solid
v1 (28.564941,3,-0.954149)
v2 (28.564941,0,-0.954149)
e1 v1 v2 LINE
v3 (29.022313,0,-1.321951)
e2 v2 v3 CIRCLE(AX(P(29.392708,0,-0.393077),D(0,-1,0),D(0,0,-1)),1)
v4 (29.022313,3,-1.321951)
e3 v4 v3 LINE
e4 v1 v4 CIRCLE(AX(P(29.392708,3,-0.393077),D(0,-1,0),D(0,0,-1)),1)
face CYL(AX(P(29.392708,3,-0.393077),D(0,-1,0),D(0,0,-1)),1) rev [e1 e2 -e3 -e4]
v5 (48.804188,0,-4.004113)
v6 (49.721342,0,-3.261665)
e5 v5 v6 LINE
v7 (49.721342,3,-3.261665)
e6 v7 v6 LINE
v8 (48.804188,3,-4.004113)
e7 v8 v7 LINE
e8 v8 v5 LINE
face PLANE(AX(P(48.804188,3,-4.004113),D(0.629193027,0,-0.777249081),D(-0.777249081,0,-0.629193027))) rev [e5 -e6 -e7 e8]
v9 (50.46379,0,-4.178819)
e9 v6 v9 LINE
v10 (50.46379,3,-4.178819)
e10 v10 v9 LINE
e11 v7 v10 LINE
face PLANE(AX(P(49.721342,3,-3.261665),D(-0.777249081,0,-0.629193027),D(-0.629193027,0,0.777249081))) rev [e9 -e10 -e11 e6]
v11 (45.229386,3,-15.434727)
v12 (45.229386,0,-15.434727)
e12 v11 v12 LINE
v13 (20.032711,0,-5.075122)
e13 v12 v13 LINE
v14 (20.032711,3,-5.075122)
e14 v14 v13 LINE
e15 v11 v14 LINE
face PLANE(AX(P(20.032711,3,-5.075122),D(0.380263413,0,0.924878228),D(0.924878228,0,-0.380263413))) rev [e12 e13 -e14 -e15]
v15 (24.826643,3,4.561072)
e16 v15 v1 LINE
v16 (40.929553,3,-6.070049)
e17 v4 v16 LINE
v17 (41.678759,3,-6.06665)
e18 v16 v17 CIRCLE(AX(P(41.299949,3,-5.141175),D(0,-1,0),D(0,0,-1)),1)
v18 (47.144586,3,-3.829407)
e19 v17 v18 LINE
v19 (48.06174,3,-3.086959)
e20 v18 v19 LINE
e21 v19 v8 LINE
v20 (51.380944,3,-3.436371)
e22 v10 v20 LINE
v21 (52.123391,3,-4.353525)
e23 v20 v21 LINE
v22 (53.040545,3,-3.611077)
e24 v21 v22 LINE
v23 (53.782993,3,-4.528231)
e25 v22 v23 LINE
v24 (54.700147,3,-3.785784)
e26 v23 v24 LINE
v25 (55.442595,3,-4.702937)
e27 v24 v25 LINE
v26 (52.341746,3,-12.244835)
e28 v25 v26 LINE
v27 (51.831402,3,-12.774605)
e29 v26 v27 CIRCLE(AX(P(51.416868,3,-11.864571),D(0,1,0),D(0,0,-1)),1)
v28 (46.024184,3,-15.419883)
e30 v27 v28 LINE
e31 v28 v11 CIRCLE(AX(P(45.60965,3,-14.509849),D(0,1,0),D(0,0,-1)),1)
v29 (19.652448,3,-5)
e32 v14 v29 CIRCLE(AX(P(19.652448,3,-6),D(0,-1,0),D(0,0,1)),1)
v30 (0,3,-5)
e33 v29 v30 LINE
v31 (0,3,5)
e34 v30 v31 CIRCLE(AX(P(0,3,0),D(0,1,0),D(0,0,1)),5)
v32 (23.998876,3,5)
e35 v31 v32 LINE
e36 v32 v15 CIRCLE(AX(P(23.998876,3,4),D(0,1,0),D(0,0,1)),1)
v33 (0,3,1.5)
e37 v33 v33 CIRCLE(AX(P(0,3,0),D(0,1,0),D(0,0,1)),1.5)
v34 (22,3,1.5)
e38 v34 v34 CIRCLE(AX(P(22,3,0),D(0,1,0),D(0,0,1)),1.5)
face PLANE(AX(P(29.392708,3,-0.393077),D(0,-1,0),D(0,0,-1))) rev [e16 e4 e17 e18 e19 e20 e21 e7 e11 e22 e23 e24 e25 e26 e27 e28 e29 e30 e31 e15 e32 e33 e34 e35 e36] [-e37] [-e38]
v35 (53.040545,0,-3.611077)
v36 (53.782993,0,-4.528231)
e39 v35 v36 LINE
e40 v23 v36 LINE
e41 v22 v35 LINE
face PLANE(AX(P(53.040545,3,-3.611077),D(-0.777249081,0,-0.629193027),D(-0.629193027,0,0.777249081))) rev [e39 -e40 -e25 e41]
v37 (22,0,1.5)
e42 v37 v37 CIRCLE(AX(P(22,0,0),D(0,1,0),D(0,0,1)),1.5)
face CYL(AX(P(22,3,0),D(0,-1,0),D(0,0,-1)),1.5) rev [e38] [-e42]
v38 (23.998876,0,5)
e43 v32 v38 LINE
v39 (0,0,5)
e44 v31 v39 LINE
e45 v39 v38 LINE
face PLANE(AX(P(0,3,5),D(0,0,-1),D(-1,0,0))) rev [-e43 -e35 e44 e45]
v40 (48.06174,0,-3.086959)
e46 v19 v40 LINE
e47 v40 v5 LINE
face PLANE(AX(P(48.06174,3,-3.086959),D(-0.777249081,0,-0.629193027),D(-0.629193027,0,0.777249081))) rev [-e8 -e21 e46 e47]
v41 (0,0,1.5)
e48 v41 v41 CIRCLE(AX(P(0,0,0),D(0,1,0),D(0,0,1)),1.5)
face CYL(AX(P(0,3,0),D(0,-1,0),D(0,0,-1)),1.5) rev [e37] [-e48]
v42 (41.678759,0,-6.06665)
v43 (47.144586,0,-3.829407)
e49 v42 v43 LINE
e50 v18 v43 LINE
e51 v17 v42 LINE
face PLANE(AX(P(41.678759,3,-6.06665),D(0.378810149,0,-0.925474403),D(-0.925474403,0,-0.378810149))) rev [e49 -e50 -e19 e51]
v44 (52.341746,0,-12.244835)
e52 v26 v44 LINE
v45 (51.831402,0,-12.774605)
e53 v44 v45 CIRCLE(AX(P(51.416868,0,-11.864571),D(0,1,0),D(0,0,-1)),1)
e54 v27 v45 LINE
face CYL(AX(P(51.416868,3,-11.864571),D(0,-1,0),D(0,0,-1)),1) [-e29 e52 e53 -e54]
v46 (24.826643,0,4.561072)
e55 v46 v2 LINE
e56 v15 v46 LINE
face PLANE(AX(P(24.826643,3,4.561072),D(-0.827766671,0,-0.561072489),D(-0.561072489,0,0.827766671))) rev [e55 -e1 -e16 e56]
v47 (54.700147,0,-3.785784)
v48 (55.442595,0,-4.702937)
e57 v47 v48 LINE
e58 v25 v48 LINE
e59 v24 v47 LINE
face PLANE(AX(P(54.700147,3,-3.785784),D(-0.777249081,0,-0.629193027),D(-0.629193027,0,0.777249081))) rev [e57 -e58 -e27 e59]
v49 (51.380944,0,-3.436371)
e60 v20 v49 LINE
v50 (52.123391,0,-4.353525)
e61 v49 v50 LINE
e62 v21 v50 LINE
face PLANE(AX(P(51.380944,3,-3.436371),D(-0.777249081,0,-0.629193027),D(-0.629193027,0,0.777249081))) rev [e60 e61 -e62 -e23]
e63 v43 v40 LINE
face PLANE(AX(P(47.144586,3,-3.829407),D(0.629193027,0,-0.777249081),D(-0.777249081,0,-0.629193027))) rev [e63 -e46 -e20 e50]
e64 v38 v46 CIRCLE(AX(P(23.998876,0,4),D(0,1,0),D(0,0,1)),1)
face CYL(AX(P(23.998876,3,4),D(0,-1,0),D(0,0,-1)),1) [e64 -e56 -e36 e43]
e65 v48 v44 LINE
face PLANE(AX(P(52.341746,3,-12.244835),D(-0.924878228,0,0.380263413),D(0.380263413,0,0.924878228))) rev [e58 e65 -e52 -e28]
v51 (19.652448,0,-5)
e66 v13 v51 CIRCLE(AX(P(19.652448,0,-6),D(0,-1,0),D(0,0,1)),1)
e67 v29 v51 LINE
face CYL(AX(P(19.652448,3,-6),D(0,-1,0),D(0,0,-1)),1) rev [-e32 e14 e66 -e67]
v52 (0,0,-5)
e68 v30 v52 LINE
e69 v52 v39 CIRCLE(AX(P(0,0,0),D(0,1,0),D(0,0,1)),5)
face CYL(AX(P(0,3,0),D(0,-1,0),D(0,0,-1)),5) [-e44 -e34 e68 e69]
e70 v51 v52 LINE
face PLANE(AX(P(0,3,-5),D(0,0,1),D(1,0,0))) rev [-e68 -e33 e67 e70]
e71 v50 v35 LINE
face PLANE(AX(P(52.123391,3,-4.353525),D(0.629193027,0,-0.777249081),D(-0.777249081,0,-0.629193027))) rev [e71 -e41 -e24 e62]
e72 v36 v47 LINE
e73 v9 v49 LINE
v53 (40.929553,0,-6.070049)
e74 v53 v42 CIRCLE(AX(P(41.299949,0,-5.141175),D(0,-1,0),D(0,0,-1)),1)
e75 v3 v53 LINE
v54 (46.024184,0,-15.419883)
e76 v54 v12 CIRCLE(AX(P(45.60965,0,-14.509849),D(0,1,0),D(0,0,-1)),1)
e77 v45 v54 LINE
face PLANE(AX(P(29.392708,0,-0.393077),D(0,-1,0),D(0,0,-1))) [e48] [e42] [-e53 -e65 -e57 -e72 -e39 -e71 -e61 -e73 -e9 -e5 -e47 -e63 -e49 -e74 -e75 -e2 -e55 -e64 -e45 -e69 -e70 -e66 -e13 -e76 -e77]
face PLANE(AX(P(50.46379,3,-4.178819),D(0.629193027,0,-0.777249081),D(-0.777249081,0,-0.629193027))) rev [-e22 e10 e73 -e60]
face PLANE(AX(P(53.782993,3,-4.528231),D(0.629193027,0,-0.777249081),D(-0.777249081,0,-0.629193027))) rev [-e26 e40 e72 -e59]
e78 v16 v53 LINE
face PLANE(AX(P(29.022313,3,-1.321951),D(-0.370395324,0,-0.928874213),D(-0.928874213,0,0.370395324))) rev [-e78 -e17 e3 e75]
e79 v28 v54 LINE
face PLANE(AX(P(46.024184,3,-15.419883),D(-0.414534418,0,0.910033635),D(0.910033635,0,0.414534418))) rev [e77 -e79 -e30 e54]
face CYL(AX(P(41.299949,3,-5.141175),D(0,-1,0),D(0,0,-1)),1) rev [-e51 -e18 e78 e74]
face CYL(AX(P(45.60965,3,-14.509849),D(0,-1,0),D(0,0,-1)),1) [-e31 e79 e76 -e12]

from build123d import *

# Parameters (mm, degrees)
SKETCH1_R           = 1.5
BOSS_EXTRUDE1_DEPTH = 3


with BuildPart() as part:
    # Sketch1 → Boss-Extrude1 (new body)
    with BuildSketch(Plane(origin=(0, 0, 0), x_dir=(1, 0, 0), z_dir=(0, 1, 0))):
        with BuildLine():
            Line((0, -5), (23.998875872, -5))
            ThreePointArc((23.998875872, -5), (24.467345461, -4.883479623), (24.826642543, -4.561072489))
            Line((24.826642543, -4.561072489), (28.564941326, 0.954149161))
            ThreePointArc((28.564941326, 0.954149161), (28.766036178, 1.172359953), (29.022312673, 1.321950886))
            Line((29.022312673, 1.321950886), (40.929553216, 6.070049343))
            ThreePointArc((40.929553216, 6.070049343), (41.304486381, 6.141164834), (41.678758689, 6.066649533))
            Line((41.678758689, 6.066649533), (47.144586244, 3.829406729))
            Line((47.144586244, 3.829406729), (48.06174016, 3.086958957))
            Line((48.06174016, 3.086958957), (48.804187932, 4.004112872))
            Line((48.804187932, 4.004112872), (49.721341848, 3.2616651))
            Line((49.721341848, 3.2616651), (50.46378962, 4.178819016))
            Line((50.46378962, 4.178819016), (51.380943536, 3.436371244))
            Line((51.380943536, 3.436371244), (52.123391308, 4.35352516))
            Line((52.123391308, 4.35352516), (53.040545224, 3.611077387))
            Line((53.040545224, 3.611077387), (53.782992996, 4.528231303))
            Line((53.782992996, 4.528231303), (54.700146912, 3.785783531))
            Line((54.700146912, 3.785783531), (55.442594685, 4.702937447))
            Line((55.442594685, 4.702937447), (52.341745918, 12.244834503))
            ThreePointArc((52.341745918, 12.244834503), (52.137055639, 12.558350103), (51.831402108, 12.774604725))
            Line((51.831402108, 12.774604725), (46.024183924, 15.419882568))
            ThreePointArc((46.024183924, 15.419882568), (45.628323444, 15.509674561), (45.229386093, 15.434727162))
            Line((45.229386093, 15.434727162), (20.032711481, 5.075121772))
            ThreePointArc((20.032711481, 5.075121772), (19.846254378, 5.018960187), (19.652448068, 5))
            Line((19.652448068, 5), (0, 5))
            ThreePointArc((0, 5), (-5, 0), (0, -5))
        make_face()
        Circle(SKETCH1_R, mode=Mode.SUBTRACT)
        with Locations((22, 0)):
            Circle(SKETCH1_R, mode=Mode.SUBTRACT)
    extrude(amount=BOSS_EXTRUDE1_DEPTH)


solid = part.part
